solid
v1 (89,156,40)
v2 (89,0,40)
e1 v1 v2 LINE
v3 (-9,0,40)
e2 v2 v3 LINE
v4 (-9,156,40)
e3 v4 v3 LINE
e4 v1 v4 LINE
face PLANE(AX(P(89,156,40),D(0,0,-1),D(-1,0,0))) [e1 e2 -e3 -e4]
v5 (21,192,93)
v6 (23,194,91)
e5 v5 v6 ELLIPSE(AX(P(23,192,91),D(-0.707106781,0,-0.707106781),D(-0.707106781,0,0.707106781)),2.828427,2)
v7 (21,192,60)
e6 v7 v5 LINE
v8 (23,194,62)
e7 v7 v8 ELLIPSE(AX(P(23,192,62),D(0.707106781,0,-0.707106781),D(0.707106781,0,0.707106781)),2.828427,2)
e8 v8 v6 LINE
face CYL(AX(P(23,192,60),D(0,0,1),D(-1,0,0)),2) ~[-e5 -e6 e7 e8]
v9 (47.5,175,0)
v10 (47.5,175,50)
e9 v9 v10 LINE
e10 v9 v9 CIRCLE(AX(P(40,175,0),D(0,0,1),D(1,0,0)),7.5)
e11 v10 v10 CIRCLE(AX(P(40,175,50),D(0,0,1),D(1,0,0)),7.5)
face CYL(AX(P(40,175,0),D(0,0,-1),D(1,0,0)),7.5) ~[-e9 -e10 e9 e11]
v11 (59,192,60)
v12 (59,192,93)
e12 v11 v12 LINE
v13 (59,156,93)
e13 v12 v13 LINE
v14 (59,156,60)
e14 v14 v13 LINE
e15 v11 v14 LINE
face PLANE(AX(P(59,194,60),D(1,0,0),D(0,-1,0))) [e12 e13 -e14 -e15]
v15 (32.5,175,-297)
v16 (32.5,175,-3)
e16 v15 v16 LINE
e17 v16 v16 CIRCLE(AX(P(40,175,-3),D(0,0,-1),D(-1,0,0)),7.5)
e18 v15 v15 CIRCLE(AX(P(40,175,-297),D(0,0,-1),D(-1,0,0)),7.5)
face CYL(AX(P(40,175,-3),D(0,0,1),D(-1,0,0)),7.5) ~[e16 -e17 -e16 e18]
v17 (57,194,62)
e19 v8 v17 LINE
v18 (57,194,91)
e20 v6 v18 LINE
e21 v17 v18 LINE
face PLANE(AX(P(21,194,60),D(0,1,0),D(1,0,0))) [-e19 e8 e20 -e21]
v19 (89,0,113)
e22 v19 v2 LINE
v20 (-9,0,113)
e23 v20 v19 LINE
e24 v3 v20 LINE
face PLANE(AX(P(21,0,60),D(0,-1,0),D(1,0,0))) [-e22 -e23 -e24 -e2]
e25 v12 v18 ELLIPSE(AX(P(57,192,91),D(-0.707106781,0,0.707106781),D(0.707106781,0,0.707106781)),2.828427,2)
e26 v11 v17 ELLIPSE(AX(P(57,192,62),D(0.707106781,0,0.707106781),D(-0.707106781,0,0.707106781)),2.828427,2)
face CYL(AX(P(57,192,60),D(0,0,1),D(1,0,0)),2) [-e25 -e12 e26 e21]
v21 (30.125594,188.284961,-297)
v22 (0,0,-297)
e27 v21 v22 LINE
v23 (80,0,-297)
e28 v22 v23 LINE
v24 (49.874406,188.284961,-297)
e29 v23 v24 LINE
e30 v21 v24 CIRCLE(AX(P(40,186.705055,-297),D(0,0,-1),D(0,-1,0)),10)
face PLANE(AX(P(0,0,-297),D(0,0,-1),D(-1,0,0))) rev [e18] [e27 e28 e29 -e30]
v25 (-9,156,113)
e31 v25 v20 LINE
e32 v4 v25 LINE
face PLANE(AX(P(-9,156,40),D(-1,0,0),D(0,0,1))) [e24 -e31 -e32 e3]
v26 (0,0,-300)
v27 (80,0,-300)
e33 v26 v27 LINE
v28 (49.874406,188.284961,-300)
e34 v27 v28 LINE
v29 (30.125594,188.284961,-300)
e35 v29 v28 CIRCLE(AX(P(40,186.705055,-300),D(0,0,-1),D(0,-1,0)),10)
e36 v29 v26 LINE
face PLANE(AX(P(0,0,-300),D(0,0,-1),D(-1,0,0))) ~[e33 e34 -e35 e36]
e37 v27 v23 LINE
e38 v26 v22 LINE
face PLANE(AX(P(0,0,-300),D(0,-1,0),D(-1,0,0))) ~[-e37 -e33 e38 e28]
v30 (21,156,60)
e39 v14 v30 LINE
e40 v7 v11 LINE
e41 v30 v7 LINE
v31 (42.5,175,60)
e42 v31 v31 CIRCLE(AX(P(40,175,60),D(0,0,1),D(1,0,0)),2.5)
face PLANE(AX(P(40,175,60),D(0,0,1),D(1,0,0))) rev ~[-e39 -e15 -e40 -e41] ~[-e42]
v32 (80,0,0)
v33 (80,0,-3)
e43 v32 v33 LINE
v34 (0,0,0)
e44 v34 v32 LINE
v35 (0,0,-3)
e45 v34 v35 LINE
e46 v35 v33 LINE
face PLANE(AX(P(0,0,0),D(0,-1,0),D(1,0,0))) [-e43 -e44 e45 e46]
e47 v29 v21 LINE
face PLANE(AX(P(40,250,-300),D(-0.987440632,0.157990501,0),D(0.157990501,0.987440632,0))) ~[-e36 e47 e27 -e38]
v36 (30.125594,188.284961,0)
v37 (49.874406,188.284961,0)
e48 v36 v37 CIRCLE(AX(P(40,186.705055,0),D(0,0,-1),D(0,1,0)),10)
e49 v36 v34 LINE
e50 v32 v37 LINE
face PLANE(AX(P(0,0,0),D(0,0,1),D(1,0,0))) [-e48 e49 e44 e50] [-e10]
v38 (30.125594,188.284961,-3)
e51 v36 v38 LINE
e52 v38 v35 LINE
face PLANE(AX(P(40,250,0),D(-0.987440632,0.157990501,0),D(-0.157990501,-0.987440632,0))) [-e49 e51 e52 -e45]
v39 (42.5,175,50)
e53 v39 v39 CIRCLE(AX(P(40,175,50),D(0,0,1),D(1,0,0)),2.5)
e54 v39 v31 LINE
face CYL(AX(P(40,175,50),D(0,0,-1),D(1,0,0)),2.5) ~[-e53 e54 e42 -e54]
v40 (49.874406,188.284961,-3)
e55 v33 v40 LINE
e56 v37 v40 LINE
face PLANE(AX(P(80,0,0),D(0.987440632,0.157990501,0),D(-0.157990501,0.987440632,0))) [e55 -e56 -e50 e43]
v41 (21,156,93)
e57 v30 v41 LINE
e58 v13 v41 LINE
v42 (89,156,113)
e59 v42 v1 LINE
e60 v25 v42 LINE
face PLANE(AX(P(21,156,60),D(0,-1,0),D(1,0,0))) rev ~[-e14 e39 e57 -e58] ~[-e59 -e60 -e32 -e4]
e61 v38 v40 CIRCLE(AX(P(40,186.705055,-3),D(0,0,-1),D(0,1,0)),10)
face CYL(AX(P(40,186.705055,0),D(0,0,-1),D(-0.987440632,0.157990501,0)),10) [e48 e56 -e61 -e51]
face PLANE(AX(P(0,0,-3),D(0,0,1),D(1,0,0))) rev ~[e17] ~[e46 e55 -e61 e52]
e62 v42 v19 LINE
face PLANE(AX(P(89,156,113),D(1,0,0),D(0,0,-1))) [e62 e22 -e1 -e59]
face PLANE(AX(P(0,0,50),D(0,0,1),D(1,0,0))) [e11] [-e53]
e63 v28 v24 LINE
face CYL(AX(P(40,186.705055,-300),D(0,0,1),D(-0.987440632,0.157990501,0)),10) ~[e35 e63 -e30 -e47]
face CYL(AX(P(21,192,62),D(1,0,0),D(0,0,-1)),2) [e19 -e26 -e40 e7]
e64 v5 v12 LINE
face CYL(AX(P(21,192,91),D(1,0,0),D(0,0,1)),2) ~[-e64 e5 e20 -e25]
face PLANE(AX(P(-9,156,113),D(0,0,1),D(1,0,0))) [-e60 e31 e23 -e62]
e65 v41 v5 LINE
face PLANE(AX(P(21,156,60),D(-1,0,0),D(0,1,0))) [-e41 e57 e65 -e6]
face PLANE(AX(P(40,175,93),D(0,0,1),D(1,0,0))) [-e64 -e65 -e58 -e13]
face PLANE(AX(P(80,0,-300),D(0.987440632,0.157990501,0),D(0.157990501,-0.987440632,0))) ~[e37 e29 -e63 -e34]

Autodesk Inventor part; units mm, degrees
ref_plane "YZ Plane" through (0, 0, 0) normal (1, 0, 0) x (0, 1, 0)
ref_plane "XZ Plane" through (0, 0, 0) normal (0, 1, 0) x (-1, 0, 0)
ref_plane "XY Plane" through (0, 0, 0) normal (0, 0, 1) x (1, 0, 0)
sketch "Sketch1" plane through (0, 0, 0) normal (0, 0, 1) x (1, 0, 0)
  point P0 (0, 0)
sketch "Sketch2" plane through (0, 0, 0) normal (0, 0, 1) x (1, 0, 0)
  line L0 (0, 0) -> (80, 0)
  line L1 (80, 0) -> (40, 250)
  line L2 (40, 250) -> (0, 0)
  dimension "d0" = 80
  dimension "d1" = 250
  dimension "d2" = 40
extrude "Extrusion1" add sketch "Sketch2" against normal blind 3
sketch "Sketch3" plane through (0, 0, -3) normal (0, 0, -1) x (-1, 0, 0)
  circle A0 centre (-40, 175) radius 7.5
  line L0 (-80, 0) -> (0, 0) projected
  point P0 (-40, 250)
  point P1 (-40, 0)
  dimension "d5" = 15
  dimension "d6" = 0
  dimension "d7" = 175
fillet "Fillet1" radius 10 1 edges at (40, 250, -1.5)
extrude "Extrusion2" add sketch "Sketch3" along normal blind 147
mirror "Mirror1" about plane through (40, 175, -150) normal (0, 0, -1) of "Extrusion2", "Extrusion1"
fillet "Fillet2" radius 10 1 edges at (40, 250, -298.5)
sketch "Sketch4" plane through (0, 0, 0) normal (0, 0, 1) x (1, 0, 0)
  circle A0 centre (40, 175) radius 7.5 projected
  circle A1 centre (40, 175) radius 7.5
  point P0 (0, 0)
extrude "Extrusion3" add sketch "Sketch4" along normal blind 50
sketch "Sketch5" plane through (40, 175, 50) normal (0, 0, 1) x (1, 0, 0)
  circle A0 centre (0, 0) radius 2.5
  point P0 (-40, -175)
  dimension "d14" = 5
extrude "Extrusion4" add sketch "Sketch5" along normal blind 10
sketch "Sketch6" plane through (40, 175, 60) normal (0, 0, 1) x (1, 0, 0)
  line L0 (-19, 19) -> (19, 19)
  line L1 (19, 19) -> (19, -19)
  line L2 (19, -19) -> (-19, -19)
  line L3 (-19, -19) -> (-19, 19)
  circle A0 centre (0, 0) radius 2.5 projected
  point P0 (-40, -175)
  dimension "d17" = 38
  dimension "d18" = 38
  dimension "d19" = 19
  dimension "d20" = 19
extrude "Extrusion5" add sketch "Sketch6" along normal blind 33 contours L0 L1 L2 L3 | A0
sketch "Sketch7" plane through (21, 156, 60) normal (0, -1, 0) x (1, 0, 0)
  line L0 (-30, 53) -> (68, 53)
  line L1 (68, 53) -> (68, -20)
  line L2 (68, -20) -> (-30, -20)
  line L3 (-30, -20) -> (-30, 53)
  line L4 (38, 0) -> (38, 33) projected
  line L5 (0, 0) -> (0, 33) projected
  line L6 (0, 33) -> (38, 33) projected
  point P0 (-21, -60)
  point P1 (38, 16.5)
  point P2 (68, 16.5)
  point P3 (-30, 16.5)
  point P4 (0, 16.5)
  dimension "d23" = 30
  dimension "d24" = 30
  dimension "d25" = 20
  dimension "d26" = 20
extrude "Extrusion6" add sketch "Sketch7" along normal blind 156
fillet "Fillet3" radius 2 4 edges at (21, 194, 76.5) (59, 194, 76.5) (40, 194, 60) (40, 194, 93)
properties part number "stand"
